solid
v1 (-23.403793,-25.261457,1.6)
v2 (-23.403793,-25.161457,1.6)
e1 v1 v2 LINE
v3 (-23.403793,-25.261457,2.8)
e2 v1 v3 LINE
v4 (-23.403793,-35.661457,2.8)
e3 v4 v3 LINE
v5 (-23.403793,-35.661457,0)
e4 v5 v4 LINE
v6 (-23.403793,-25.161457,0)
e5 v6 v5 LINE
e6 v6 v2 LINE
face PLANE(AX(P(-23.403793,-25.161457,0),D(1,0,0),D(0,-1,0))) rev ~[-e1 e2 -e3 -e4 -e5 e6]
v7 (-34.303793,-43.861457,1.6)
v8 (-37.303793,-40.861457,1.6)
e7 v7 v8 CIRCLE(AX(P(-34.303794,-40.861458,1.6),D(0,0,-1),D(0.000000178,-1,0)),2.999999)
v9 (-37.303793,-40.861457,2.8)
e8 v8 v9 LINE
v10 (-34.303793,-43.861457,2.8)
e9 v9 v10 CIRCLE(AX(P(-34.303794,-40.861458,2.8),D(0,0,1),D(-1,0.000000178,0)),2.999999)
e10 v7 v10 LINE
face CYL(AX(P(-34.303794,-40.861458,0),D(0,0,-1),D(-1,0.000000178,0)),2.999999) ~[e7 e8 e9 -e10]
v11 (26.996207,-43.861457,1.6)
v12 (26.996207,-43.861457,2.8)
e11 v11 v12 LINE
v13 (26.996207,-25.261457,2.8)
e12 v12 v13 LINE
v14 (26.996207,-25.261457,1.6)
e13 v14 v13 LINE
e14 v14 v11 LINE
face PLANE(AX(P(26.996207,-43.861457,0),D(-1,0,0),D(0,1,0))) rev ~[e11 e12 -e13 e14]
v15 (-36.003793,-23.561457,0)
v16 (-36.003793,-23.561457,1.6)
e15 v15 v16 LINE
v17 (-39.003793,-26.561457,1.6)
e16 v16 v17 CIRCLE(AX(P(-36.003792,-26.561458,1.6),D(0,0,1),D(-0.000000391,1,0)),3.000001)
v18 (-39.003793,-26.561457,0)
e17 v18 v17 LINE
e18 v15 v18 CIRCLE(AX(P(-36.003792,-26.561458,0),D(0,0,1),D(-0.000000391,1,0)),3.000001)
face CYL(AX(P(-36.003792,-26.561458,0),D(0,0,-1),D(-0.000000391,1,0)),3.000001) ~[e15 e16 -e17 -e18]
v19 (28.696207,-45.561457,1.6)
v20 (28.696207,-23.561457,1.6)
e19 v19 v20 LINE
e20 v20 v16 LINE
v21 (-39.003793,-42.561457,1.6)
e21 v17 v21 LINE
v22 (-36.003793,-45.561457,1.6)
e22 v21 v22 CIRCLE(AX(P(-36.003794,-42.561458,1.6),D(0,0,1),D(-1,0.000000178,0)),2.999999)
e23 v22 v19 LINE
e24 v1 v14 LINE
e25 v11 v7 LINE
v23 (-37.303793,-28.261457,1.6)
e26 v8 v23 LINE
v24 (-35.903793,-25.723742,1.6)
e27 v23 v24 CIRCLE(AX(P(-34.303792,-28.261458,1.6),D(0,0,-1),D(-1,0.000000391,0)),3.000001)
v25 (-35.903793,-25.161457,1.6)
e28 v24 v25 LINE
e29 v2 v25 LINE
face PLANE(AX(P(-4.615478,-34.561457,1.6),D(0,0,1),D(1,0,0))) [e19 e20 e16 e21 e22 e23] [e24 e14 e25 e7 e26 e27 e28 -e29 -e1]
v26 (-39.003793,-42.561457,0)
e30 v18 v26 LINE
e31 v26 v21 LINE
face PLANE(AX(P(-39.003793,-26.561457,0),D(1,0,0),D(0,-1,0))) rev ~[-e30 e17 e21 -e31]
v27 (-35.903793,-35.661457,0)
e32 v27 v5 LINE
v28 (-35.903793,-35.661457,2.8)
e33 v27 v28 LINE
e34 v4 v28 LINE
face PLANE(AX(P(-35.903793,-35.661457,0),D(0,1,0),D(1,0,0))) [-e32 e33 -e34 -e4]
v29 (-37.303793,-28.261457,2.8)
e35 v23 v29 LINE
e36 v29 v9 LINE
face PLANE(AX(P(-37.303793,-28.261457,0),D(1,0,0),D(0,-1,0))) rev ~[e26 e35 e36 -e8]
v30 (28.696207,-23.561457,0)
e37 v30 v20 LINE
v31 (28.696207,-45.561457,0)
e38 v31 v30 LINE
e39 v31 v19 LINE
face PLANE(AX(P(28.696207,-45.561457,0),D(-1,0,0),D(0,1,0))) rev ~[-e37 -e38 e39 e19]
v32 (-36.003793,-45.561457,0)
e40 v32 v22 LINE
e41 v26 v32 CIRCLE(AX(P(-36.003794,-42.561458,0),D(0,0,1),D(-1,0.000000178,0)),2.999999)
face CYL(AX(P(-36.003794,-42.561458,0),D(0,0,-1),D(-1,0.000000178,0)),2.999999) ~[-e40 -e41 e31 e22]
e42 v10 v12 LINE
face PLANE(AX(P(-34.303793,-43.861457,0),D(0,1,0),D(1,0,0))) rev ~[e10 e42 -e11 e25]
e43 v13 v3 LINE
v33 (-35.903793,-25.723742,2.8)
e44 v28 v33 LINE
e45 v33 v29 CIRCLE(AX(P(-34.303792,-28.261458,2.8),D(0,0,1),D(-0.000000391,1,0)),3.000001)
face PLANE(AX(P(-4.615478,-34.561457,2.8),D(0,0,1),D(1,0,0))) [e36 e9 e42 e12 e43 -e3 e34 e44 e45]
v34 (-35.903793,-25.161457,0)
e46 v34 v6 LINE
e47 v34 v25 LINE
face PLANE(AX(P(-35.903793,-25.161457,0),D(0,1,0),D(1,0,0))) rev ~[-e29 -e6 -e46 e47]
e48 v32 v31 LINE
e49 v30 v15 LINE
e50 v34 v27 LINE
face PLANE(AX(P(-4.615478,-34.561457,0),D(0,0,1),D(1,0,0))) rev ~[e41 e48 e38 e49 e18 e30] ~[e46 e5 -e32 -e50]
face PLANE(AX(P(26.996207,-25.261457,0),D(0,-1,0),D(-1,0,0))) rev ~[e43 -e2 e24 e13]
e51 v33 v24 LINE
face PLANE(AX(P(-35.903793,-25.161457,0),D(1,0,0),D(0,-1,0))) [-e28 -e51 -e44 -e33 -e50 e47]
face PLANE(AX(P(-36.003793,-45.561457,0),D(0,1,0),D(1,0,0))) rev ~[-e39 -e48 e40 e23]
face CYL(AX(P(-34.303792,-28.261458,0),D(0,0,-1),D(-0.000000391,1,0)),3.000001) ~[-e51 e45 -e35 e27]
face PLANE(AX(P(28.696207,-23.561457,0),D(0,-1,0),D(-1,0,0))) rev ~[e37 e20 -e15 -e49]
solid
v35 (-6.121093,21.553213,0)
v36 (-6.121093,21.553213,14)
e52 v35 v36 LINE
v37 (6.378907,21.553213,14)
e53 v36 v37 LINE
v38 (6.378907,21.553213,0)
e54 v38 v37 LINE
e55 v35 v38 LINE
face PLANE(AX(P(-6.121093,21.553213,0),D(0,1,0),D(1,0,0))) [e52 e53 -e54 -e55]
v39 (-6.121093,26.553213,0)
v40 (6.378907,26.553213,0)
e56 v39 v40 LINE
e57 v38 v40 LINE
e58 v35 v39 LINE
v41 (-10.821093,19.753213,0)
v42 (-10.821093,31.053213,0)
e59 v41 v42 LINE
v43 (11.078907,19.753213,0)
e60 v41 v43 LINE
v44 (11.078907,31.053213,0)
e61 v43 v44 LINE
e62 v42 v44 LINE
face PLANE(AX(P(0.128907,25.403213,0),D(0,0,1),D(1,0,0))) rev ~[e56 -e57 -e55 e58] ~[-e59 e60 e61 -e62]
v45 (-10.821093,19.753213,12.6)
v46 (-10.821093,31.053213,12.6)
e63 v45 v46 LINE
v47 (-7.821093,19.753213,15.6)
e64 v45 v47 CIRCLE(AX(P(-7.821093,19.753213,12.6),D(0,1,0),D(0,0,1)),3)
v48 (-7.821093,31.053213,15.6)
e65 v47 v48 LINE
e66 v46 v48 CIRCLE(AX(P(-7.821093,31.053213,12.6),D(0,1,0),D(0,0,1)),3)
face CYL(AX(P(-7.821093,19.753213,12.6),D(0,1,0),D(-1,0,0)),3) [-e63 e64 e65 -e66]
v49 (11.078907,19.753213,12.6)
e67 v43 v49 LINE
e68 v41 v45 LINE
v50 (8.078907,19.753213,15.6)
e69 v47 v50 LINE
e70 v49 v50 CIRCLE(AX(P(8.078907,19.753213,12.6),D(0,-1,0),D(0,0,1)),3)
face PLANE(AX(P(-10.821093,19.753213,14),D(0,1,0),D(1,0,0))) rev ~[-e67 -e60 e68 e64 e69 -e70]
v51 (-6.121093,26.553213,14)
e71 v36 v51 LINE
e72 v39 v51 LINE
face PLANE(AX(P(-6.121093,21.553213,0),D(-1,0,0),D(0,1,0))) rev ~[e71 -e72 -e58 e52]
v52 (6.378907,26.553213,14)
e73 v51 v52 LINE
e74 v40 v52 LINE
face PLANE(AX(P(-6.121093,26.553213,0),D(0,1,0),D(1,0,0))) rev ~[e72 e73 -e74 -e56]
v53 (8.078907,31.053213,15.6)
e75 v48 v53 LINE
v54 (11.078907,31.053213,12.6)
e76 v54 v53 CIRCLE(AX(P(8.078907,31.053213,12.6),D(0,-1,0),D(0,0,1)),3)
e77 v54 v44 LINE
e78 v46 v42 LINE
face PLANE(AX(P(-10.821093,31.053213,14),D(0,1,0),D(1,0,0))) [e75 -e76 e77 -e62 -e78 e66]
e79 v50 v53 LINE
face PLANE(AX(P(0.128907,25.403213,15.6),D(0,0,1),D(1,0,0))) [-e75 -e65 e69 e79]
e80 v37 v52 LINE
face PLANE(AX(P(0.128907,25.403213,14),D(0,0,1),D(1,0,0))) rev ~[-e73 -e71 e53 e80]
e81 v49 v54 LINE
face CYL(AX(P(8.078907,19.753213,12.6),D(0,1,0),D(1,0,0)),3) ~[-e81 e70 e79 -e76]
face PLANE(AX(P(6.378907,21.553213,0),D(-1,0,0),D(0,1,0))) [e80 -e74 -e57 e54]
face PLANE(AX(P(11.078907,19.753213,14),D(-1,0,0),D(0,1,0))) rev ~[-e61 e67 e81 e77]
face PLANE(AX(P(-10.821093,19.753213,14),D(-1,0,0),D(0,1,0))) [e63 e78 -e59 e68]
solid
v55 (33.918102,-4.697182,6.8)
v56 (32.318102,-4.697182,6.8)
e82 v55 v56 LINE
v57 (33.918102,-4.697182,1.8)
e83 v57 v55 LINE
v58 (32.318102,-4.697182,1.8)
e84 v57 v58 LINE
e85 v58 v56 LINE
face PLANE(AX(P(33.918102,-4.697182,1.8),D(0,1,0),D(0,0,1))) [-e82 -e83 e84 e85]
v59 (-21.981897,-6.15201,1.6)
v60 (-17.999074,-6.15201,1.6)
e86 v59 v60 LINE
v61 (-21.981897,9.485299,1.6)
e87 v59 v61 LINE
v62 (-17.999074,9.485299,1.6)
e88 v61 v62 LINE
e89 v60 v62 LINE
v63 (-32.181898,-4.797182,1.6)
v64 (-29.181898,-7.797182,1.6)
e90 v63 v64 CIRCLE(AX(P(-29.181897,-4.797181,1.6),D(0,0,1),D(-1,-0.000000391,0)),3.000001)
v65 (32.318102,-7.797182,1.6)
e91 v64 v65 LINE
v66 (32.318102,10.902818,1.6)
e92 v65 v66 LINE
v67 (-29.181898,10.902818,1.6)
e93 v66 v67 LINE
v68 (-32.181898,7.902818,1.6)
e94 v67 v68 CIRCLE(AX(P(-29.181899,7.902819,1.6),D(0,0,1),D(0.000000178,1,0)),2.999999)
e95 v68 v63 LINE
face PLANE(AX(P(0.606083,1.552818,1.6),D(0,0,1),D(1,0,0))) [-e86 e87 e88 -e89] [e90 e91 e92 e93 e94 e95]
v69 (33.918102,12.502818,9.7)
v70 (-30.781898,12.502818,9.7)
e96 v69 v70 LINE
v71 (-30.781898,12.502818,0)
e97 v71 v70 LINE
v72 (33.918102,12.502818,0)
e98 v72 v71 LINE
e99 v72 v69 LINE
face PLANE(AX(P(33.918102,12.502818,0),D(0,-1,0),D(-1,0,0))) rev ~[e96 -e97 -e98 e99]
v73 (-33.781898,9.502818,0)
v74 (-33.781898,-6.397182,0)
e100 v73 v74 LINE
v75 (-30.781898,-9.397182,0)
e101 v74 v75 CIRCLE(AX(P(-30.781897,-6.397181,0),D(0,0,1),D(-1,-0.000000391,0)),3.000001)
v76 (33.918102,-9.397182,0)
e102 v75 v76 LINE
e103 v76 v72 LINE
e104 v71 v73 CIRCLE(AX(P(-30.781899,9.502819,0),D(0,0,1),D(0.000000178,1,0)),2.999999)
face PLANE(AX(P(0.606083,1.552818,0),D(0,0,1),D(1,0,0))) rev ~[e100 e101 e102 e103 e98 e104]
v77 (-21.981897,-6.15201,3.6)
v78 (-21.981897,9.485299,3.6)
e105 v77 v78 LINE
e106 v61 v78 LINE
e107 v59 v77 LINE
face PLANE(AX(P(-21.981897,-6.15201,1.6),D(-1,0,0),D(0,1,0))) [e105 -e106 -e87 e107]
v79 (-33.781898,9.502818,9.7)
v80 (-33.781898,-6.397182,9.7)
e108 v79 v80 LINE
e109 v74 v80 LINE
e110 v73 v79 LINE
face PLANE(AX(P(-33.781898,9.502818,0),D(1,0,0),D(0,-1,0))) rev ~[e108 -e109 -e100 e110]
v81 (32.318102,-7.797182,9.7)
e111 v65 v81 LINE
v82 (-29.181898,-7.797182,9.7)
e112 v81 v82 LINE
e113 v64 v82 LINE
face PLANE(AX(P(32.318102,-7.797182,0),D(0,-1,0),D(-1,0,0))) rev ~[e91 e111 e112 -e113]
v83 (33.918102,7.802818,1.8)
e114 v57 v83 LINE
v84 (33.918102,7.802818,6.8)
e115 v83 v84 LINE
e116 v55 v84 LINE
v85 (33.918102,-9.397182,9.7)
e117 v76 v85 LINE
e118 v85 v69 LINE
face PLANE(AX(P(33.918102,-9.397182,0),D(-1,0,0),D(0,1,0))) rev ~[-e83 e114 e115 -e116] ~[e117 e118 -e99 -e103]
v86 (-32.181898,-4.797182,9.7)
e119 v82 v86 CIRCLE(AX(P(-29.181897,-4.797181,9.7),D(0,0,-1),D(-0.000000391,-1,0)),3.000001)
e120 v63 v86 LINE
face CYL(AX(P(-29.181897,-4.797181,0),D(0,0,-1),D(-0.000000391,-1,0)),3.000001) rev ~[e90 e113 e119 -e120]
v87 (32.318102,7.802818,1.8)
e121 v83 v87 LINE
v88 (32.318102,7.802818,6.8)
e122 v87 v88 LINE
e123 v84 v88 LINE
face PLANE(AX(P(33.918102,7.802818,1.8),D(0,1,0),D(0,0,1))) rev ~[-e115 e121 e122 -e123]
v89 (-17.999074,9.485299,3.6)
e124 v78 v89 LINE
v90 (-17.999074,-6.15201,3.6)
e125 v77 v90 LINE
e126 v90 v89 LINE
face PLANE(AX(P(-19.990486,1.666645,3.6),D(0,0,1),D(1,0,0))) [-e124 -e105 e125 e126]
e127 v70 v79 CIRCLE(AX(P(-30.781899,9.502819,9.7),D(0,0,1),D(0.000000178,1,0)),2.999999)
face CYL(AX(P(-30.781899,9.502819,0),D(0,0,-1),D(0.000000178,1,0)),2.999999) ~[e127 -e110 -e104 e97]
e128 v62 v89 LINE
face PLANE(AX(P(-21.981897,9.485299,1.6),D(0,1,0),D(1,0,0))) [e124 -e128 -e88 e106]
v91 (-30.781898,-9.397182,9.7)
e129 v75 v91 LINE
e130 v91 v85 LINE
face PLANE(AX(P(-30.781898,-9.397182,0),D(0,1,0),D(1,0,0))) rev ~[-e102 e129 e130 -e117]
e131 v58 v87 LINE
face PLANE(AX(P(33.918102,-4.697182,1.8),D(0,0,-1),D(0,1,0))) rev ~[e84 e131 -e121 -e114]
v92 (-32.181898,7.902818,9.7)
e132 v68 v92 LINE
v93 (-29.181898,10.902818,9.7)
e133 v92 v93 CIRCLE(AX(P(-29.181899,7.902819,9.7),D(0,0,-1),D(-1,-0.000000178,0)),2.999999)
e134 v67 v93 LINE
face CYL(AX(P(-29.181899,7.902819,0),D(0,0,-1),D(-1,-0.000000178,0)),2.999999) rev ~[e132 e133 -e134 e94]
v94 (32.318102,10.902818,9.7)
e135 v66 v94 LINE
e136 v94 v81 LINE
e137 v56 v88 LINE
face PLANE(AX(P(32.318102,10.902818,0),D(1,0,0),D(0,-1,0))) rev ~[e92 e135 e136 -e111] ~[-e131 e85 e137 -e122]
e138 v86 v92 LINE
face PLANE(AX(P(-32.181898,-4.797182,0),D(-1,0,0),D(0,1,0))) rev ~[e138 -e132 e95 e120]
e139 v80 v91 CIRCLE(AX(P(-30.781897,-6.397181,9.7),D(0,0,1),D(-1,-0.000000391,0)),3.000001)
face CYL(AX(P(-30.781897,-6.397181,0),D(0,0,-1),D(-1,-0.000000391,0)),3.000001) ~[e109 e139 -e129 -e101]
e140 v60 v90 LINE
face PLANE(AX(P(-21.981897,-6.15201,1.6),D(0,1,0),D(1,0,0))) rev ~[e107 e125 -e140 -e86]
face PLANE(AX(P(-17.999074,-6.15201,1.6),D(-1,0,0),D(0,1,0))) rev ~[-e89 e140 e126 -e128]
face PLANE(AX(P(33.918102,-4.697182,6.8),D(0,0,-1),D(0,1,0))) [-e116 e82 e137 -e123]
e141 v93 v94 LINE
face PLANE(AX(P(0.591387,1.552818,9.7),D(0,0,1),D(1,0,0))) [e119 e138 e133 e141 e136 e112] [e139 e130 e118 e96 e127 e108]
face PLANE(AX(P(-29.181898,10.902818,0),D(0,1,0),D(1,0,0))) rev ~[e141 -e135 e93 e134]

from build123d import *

# Parameters (mm, degrees)
F1_DEPTH  = 9.7
F2_DEPTH  = 1.6
F3_W      = 12.5
F3_H      = 5
F4_DEPTH  = 1.6
F5_W      = 3.982823
F5_H      = 15.637309
F6_DEPTH  = 2
F8_DEPTH  = 1.6
F9_DEPTH  = 2.8
F10_W     = 12.5
F10_H     = 10.5
F11_DEPTH = 9.701
F12_W     = 21.9
F12_H     = 11.3
F12_W_2   = 12.5
F12_H_2   = 5
F13_DEPTH = 14
F14_W     = 21.9
F14_H     = 11.3
F15_DEPTH = 1.6
F16_R     = 3


with BuildPart() as f1:
    # F0 (on Top) → F1 (new body)
    with BuildSketch(Plane.XY):
        with BuildLine():
            Line((33.918102, -9.397182), (33.918102, 12.502818))
            Line((33.918102, 12.502818), (-30.781898, 12.502818))
            ThreePointArc((-30.781898, 12.502818), (-32.903218, 11.624139), (-33.781898, 9.502818))
            Line((-33.781898, 9.502818), (-33.781898, -6.397182))
            ThreePointArc((-33.781898, -6.397182), (-32.903218, -8.518502), (-30.781898, -9.397182))
            Line((-30.781898, -9.397182), (33.918102, -9.397182))
        make_face()
        with BuildLine():
            Line((-29.181898, 10.902818), (32.318102, 10.902818))
            Line((32.318102, 10.902818), (32.318102, -7.797182))
            Line((32.318102, -7.797182), (-29.181898, -7.797182))
            ThreePointArc((-29.181898, -7.797182), (-31.303218, -6.918502), (-32.181898, -4.797182))
            Line((-32.181898, -4.797182), (-32.181898, 7.902818))
            ThreePointArc((-32.181898, 7.902818), (-31.303218, 10.024139), (-29.181898, 10.902818))
        make_face(mode=Mode.SUBTRACT)
    extrude(amount=F1_DEPTH)

    # F0 (on Top) → F2 (join)
    with BuildSketch(Plane.XY):
        with BuildLine():
            Line((32.318102, -7.797182), (32.318102, 10.902818))
            Line((32.318102, 10.902818), (-29.181898, 10.902818))
            ThreePointArc((-29.181898, 10.902818), (-31.303218, 10.024139), (-32.181898, 7.902818))
            Line((-32.181898, 7.902818), (-32.181898, -4.797182))
            ThreePointArc((-32.181898, -4.797182), (-31.303218, -6.918502), (-29.181898, -7.797182))
            Line((-29.181898, -7.797182), (32.318102, -7.797182))
        make_face()
    extrude(amount=F2_DEPTH)

    # F3 (on face) → F4 (cut, through all)
    with BuildSketch(Plane.YZ.offset(33.918102)):
        with Locations((1.552818, 4.3)):
            Rectangle(F3_W, F3_H)
    extrude(amount=-F4_DEPTH, mode=Mode.SUBTRACT)

    # F5 (on face) → F6 (join)
    with BuildSketch(Plane.XY.offset(1.6)):
        with Locations((-19.990486, 1.666645)):
            Rectangle(F5_W, F5_H)
    extrude(amount=F6_DEPTH)


with BuildPart() as f8:
    # F7 (on Top) → F8 (new body)
    with BuildSketch(Plane.XY):
        with BuildLine():
            ThreePointArc((-34.303793, -25.261457), (-36.425113, -26.140137), (-37.303793, -28.261457))
            Line((-37.303793, -28.261457), (-37.303793, -40.861457))
            ThreePointArc((-37.303793, -40.861457), (-36.425113, -42.982778), (-34.303793, -43.861457))
            Line((-34.303793, -43.861457), (26.996207, -43.861457))
            Line((26.996207, -43.861457), (26.996207, -25.261457))
            Line((26.996207, -25.261457), (-34.303793, -25.261457))
        make_face()
        with BuildLine():
            Line((28.696207, -45.561457), (28.696207, -23.561457))
            Line((28.696207, -23.561457), (-36.003793, -23.561457))
            ThreePointArc((-36.003793, -23.561457), (-38.125113, -24.440137), (-39.003793, -26.561457))
            Line((-39.003793, -26.561457), (-39.003793, -42.561457))
            ThreePointArc((-39.003793, -42.561457), (-38.125113, -44.682778), (-36.003793, -45.561457))
            Line((-36.003793, -45.561457), (28.696207, -45.561457))
        make_face()
        with BuildLine():
            Line((-37.303793, -40.861457), (-37.303793, -28.261457))
            ThreePointArc((-37.303793, -28.261457), (-36.425113, -26.140137), (-34.303793, -25.261457))
            Line((-34.303793, -25.261457), (26.996207, -25.261457))
            Line((26.996207, -25.261457), (26.996207, -43.861457))
            Line((26.996207, -43.861457), (-34.303793, -43.861457))
            ThreePointArc((-34.303793, -43.861457), (-36.425113, -42.982778), (-37.303793, -40.861457))
        make_face(mode=Mode.SUBTRACT)
    extrude(amount=F8_DEPTH)

    # F7 (on Top) → F9 (join)
    with BuildSketch(Plane.XY):
        with BuildLine():
            ThreePointArc((-34.303793, -25.261457), (-36.425113, -26.140137), (-37.303793, -28.261457))
            Line((-37.303793, -28.261457), (-37.303793, -40.861457))
            ThreePointArc((-37.303793, -40.861457), (-36.425113, -42.982778), (-34.303793, -43.861457))
            Line((-34.303793, -43.861457), (26.996207, -43.861457))
            Line((26.996207, -43.861457), (26.996207, -25.261457))
            Line((26.996207, -25.261457), (-34.303793, -25.261457))
        make_face()
    extrude(amount=F9_DEPTH)

    # F10 (on face) → F11 (cut, through all)
    with BuildSketch(Plane(origin=(0, 0, 0), x_dir=(1, 0, 0), z_dir=(0, 0, -1))):
        with Locations((-29.653793, 30.411457)):
            Rectangle(F10_W, F10_H)
    extrude(amount=-F11_DEPTH, mode=Mode.SUBTRACT)


with BuildPart() as f13:
    # F12 (on Top) → F13 (new body)
    with BuildSketch(Plane.XY):
        with Locations((0.128907, 25.403213)):
            Rectangle(F12_W, F12_H)
        with Locations((0.128907, 24.053213)):
            Rectangle(F12_W_2, F12_H_2, mode=Mode.SUBTRACT)
    extrude(amount=F13_DEPTH)

    # F14 (on face) → F15 (join)
    with BuildSketch(Plane.XY.offset(14)):
        with Locations((0.128907, 25.403213)):
            Rectangle(F14_W, F14_H)
    extrude(amount=F15_DEPTH)

    # F16
    f16_edges = [f13.edges().sort_by_distance(p)[0] for p in [
        (11.078907, 25.403213, 15.6),
        (-10.821093, 25.403213, 15.6),
    ]]
    fillet(f16_edges, radius=F16_R)


solid = Compound([f1.part, f8.part, f13.part])
